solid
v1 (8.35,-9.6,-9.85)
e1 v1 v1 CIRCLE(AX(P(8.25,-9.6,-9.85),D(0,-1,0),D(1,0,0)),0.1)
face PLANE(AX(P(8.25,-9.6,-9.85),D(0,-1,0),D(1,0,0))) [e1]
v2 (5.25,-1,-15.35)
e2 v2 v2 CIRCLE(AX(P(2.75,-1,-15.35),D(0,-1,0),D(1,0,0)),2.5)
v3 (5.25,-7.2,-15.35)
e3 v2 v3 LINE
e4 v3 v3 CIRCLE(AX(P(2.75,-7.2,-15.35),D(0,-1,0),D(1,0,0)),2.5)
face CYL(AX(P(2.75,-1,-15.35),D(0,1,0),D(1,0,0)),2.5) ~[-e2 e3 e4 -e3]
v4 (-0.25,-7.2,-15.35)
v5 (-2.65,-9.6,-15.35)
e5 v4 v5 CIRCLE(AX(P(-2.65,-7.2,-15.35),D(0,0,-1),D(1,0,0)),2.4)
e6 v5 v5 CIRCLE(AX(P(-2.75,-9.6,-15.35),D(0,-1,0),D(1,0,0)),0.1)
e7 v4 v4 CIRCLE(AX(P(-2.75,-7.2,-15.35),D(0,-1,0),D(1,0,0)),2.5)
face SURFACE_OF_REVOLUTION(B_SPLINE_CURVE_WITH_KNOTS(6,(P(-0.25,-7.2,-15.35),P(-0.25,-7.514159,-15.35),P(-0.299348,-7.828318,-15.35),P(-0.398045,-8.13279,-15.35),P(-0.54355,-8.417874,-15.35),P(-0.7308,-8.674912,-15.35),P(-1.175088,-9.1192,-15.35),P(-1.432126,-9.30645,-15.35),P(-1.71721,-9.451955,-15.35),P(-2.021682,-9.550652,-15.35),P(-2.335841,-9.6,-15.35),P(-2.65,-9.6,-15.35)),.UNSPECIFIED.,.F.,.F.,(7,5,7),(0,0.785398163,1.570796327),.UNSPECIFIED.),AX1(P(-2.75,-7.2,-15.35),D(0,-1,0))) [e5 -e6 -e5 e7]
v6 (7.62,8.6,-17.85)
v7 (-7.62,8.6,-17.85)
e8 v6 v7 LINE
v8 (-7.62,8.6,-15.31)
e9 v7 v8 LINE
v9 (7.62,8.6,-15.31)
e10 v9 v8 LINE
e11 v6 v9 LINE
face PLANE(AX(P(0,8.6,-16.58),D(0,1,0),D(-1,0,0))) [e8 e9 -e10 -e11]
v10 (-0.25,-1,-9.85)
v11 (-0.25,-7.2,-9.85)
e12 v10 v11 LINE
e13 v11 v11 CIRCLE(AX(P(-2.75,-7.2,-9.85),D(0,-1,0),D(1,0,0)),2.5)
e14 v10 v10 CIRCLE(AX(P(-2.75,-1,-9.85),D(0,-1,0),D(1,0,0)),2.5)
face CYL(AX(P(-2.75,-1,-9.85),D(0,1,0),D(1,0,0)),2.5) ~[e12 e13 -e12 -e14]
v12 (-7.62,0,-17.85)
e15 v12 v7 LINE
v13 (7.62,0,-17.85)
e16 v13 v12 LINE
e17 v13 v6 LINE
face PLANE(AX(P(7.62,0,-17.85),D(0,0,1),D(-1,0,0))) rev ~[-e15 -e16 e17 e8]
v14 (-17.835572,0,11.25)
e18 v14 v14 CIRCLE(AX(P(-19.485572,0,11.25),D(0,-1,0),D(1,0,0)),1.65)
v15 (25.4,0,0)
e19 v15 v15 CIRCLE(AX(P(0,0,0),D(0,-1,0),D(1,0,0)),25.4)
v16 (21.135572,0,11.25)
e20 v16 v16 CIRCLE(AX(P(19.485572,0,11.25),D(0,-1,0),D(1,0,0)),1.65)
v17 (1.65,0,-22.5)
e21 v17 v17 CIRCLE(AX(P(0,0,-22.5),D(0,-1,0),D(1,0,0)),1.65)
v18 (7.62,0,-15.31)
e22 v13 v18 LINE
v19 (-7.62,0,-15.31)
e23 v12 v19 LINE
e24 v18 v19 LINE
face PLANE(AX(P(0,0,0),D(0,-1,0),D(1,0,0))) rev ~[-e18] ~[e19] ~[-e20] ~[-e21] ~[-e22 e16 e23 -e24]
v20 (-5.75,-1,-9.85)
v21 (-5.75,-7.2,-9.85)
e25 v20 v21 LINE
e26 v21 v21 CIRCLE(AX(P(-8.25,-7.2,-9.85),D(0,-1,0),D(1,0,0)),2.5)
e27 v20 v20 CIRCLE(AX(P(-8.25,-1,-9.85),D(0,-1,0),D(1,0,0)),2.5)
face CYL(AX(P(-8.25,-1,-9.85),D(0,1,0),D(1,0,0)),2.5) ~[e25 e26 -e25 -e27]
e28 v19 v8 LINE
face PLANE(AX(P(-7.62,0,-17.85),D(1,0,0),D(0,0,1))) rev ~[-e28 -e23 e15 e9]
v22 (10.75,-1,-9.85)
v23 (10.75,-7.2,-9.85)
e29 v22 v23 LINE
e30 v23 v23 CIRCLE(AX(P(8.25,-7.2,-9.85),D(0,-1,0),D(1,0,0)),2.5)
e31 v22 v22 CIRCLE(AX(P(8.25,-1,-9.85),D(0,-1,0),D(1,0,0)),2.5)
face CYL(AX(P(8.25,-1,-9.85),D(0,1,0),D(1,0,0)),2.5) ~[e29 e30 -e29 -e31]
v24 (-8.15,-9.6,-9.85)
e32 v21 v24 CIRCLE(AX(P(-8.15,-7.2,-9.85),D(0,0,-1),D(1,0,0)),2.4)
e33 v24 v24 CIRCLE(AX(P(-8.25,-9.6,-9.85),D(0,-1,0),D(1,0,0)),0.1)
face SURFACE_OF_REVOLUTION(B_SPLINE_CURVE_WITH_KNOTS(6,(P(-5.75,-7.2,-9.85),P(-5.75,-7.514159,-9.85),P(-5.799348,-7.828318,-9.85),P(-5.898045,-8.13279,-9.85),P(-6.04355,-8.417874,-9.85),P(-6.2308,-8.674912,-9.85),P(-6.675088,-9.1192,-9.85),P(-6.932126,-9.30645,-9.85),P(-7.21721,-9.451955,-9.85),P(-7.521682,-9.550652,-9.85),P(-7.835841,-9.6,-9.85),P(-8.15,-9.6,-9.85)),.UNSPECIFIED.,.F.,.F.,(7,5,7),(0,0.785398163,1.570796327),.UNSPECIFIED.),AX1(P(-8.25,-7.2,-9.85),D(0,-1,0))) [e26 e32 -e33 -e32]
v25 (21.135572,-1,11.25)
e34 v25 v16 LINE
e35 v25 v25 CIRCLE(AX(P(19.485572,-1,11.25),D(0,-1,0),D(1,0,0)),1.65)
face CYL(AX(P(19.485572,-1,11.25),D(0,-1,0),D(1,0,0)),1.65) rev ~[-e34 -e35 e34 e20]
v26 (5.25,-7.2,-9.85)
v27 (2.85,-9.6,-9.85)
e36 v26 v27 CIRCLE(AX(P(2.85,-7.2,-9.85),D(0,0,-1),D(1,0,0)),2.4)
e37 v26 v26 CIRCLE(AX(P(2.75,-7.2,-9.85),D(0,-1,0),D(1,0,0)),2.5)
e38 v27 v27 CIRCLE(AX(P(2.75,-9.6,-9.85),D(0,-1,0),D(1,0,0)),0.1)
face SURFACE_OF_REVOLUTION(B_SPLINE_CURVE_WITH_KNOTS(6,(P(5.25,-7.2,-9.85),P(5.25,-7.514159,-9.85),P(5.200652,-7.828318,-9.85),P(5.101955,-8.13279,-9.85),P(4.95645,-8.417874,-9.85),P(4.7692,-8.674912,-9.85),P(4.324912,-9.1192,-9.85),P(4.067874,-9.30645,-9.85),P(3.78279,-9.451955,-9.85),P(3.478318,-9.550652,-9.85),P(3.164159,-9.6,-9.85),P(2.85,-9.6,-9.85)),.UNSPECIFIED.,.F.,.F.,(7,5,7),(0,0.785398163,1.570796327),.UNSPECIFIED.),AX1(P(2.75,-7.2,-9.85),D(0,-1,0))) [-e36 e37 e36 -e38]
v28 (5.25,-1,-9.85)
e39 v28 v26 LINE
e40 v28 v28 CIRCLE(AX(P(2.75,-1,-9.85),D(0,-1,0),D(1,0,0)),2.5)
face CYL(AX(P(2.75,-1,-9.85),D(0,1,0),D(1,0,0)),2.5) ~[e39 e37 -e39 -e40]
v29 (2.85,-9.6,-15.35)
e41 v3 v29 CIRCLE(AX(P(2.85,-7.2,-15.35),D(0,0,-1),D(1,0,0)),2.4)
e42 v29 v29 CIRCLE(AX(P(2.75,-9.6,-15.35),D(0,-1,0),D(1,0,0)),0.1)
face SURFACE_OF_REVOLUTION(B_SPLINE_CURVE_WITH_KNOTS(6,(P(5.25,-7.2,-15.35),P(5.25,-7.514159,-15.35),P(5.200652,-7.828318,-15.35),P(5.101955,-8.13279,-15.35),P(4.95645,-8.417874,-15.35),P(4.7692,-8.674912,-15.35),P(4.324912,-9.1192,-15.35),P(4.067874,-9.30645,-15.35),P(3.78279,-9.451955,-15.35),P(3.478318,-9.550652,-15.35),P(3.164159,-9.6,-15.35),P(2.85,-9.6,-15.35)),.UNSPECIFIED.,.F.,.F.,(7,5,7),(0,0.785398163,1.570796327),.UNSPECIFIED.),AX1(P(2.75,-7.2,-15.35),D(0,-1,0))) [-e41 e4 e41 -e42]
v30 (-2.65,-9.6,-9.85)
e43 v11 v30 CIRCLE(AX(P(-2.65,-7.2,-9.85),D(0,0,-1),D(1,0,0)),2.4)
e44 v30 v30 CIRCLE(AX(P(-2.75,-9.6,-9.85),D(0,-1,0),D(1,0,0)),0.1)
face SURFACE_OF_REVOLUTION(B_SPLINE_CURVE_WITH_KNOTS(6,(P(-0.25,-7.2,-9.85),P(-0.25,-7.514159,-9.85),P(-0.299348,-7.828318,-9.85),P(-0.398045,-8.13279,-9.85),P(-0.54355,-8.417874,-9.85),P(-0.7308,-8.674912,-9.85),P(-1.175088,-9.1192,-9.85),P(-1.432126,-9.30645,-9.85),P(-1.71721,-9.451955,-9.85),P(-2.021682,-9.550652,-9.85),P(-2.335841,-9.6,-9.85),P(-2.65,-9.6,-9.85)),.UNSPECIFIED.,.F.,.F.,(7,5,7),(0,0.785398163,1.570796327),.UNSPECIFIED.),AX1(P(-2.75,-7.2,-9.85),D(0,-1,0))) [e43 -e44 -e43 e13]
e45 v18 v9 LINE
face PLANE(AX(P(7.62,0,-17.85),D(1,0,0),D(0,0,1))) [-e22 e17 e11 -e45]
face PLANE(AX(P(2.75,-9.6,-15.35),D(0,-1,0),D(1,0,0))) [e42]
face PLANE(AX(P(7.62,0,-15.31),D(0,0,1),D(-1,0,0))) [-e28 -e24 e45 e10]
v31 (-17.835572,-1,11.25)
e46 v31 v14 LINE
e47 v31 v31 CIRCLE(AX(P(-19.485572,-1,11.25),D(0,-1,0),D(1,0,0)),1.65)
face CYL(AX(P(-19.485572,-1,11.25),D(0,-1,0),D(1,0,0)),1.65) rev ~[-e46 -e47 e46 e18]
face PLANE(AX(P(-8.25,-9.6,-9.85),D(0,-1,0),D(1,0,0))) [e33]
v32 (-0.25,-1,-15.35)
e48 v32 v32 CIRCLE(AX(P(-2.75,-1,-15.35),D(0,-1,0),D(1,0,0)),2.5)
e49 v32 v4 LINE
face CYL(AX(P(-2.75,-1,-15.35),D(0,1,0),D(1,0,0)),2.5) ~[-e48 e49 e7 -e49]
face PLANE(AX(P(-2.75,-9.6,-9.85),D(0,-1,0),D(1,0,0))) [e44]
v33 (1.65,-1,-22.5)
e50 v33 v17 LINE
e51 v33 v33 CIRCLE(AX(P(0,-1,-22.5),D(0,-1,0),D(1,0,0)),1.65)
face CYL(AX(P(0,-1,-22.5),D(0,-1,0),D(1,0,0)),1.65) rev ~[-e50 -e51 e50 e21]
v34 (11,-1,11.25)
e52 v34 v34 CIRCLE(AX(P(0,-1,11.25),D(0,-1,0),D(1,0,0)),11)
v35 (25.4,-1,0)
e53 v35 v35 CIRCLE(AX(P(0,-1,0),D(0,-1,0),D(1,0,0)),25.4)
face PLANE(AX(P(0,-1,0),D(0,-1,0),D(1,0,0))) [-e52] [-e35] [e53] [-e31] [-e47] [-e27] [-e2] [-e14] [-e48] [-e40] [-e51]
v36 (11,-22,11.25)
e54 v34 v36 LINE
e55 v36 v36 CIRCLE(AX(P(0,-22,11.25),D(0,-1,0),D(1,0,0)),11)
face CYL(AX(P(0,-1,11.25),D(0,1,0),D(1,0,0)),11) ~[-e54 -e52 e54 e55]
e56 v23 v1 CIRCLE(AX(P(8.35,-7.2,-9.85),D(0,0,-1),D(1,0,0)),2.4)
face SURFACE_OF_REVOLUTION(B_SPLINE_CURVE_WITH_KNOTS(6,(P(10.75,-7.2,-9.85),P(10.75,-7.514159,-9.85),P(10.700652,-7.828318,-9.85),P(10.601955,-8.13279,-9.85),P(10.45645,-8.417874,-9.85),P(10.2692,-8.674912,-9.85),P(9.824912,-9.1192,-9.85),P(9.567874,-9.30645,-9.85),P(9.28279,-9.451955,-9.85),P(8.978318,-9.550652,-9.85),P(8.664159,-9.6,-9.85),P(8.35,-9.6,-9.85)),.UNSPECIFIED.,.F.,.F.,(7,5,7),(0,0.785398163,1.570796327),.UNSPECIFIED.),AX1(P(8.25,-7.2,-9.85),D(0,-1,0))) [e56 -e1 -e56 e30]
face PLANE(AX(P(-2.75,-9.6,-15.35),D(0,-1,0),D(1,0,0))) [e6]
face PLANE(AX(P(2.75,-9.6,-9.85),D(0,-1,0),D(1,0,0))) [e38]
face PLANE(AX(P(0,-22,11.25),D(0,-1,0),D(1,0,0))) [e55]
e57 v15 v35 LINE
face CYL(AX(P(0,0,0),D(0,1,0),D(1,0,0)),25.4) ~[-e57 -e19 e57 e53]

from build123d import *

# Parameters (mm, degrees)
F0_R      = 25.4
F1_DEPTH  = 1
F2_R      = 1.65
F3_DEPTH  = 1.001
F4_R      = 11
F5_DEPTH  = 21
F6_R      = 2.5
F7_DEPTH  = 8.6
F8_R      = 2.4
F9_W      = 15.24
F9_H      = 2.54
F10_DEPTH = 8.6


with BuildPart() as f1:
    # F0 (on Front) → F1 (new body)
    with BuildSketch(Plane.XZ):
        Circle(F0_R)
    extrude(amount=F1_DEPTH)

    # F2 (on face) → F3 (cut, through all)
    with BuildSketch(Plane.XZ.offset(1)):
        with Locations((-19.485572, 11.25)):
            Circle(F2_R)
        with Locations((0, -22.5)):
            Circle(F2_R)
        with Locations((19.485572, 11.25)):
            Circle(F2_R)
    extrude(amount=-F3_DEPTH, mode=Mode.SUBTRACT)

    # F4 (on face) → F5 (join)
    with BuildSketch(Plane.XZ.offset(1)):
        with Locations((0, 11.25)):
            Circle(F4_R)
    extrude(amount=F5_DEPTH)

    # F6 (on face) → F7 (join)
    with BuildSketch(Plane.XZ.offset(1)):
        with Locations((-8.25, -9.85)):
            Circle(F6_R)
        with Locations((-2.75, -15.35)):
            Circle(F6_R)
        with Locations((-2.75, -9.85)):
            Circle(F6_R)
        with Locations((2.75, -15.35)):
            Circle(F6_R)
        with Locations((8.25, -9.85)):
            Circle(F6_R)
        with Locations((2.75, -9.85)):
            Circle(F6_R)
    extrude(amount=F7_DEPTH)

    # F8
    f8_edges = [f1.edges().sort_by_distance(p)[0] for p in [
        (-10.75, -9.6, -9.85),
        (-5.25, -9.6, -9.85),
        (0.25, -9.6, -9.85),
        (5.75, -9.6, -9.85),
        (0.25, -9.6, -15.35),
        (-5.25, -9.6, -15.35),
    ]]
    fillet(f8_edges, radius=F8_R)

    # F9 (on face) → F10 (join)
    with BuildSketch(Plane(origin=(0, 0, 0), x_dir=(-1, 0, 0), z_dir=(0, 1, 0))):
        with Locations((0, -16.58)):
            Rectangle(F9_W, F9_H)
    extrude(amount=F10_DEPTH)


solid = f1.part
